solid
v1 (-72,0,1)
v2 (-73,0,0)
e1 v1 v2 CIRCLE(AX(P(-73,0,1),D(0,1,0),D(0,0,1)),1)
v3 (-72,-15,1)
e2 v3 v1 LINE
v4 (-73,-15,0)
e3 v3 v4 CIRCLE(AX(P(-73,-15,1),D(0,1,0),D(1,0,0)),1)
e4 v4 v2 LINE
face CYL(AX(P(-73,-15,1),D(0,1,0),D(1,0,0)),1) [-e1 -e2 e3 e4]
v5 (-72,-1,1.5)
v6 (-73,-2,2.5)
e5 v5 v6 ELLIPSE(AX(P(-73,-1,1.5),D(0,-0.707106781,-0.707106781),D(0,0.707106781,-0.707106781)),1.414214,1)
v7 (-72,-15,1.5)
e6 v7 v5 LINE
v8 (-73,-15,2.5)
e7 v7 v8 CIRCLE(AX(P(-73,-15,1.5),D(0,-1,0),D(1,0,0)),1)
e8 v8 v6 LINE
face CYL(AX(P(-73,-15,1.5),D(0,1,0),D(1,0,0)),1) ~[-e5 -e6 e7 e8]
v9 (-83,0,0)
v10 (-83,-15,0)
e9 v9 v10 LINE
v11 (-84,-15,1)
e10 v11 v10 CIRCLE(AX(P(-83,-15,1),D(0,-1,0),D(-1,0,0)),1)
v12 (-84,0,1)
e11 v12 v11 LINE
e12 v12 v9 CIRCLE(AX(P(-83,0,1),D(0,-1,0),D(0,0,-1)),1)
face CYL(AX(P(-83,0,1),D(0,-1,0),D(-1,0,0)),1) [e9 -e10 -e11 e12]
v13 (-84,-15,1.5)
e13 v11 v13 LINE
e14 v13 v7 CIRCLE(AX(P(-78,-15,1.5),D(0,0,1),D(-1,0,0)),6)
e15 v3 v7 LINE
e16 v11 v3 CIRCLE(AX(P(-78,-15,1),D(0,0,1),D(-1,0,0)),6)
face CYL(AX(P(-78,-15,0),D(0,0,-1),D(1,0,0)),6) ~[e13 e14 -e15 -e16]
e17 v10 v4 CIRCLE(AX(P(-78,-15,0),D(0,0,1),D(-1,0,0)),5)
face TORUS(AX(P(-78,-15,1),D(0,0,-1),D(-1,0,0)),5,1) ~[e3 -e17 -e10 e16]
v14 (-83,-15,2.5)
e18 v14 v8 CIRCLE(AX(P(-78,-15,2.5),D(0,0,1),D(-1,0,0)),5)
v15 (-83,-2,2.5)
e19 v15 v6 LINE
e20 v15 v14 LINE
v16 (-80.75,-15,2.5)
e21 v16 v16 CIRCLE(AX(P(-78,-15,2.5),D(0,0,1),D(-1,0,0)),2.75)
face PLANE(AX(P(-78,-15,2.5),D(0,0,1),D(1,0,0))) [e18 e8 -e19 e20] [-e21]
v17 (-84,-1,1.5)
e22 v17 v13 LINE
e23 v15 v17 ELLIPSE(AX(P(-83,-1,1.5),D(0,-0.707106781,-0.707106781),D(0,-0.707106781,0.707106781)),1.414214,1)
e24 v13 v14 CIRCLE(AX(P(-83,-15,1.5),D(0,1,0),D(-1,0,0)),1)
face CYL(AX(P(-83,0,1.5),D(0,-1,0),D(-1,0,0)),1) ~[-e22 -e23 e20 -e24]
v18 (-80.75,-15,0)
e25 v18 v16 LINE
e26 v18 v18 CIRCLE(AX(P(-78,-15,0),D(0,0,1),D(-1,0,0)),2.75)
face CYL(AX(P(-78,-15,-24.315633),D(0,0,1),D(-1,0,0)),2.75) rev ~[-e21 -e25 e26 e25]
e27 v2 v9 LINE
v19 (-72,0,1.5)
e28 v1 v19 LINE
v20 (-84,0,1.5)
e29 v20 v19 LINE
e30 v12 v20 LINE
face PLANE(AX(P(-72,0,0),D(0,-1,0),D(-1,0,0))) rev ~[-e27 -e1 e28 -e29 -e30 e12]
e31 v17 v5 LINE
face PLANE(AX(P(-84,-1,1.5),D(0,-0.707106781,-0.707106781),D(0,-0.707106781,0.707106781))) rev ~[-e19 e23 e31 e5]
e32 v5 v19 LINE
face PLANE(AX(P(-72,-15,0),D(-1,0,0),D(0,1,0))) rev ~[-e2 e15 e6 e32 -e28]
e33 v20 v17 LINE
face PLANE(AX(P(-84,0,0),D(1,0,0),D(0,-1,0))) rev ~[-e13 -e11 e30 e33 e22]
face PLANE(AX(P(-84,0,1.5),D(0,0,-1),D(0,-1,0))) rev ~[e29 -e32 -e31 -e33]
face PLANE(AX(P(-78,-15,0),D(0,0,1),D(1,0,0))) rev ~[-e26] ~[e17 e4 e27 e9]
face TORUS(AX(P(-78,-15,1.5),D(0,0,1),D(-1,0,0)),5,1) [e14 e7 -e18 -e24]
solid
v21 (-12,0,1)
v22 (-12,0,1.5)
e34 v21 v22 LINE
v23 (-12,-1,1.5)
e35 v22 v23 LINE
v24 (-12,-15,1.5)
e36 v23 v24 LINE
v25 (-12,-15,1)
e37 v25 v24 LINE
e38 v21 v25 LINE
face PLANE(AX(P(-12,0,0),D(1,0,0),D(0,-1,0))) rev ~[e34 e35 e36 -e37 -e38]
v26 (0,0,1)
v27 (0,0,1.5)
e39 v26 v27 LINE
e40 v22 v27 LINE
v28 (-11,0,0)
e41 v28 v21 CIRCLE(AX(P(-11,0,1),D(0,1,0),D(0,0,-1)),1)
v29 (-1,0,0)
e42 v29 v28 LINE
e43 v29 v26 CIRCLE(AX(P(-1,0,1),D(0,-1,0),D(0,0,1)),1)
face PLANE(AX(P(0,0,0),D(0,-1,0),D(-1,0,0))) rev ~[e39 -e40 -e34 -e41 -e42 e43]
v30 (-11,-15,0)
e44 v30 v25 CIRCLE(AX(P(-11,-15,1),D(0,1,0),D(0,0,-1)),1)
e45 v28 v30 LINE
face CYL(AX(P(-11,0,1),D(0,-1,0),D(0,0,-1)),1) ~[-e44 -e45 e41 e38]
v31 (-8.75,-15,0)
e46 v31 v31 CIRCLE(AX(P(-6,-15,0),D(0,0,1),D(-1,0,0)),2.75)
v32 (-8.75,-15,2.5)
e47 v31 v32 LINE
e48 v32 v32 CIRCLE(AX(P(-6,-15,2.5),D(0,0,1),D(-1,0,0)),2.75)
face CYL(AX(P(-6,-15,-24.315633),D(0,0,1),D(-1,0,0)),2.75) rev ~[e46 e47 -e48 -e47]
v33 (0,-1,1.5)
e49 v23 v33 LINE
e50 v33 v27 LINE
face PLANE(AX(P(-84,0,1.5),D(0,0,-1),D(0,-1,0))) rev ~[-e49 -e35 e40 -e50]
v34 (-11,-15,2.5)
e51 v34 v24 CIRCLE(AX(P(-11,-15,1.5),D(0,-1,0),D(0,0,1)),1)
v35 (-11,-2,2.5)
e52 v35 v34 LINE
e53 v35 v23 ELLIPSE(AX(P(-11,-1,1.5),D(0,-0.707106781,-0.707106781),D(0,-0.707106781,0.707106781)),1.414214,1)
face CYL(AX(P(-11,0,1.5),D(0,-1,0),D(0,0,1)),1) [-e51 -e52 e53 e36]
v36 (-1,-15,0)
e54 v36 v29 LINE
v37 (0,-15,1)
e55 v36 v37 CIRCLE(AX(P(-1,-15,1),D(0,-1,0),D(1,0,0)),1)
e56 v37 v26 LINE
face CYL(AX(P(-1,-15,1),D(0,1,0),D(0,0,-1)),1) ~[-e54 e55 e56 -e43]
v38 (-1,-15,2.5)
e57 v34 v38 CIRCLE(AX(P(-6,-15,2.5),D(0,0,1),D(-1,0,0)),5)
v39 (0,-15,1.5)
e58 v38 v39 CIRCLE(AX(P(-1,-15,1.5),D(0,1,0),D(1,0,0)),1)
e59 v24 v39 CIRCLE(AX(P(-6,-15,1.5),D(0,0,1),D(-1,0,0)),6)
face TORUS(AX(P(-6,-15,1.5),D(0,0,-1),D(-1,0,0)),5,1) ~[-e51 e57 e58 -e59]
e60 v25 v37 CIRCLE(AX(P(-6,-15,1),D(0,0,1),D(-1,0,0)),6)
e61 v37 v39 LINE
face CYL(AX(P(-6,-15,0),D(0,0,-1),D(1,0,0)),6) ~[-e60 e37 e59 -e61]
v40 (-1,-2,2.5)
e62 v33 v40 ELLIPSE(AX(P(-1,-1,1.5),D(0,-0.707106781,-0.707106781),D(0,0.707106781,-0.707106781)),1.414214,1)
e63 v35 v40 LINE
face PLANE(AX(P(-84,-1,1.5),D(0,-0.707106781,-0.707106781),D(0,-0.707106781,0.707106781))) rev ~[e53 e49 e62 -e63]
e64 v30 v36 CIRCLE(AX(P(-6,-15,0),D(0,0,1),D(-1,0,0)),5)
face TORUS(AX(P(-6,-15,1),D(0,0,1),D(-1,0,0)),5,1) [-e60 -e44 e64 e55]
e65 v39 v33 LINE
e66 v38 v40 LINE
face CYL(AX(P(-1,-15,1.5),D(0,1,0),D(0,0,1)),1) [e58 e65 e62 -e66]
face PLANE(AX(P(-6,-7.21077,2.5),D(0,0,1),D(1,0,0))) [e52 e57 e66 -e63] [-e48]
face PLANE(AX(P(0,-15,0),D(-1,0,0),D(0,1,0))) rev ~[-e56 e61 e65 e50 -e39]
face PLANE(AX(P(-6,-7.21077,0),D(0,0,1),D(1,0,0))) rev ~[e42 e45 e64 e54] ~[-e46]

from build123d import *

# Parameters (mm, degrees)
F1_DEPTH = 2.5
F2_D     = 5.5
F2_2_D   = 5.5
F3_R     = 1
F3_2_R   = 1
F5_DEPTH = 84.0010001


with BuildPart() as f1:
    # F0 (on Top) → F1 (new body)
    with BuildSketch(Plane.XY):
        with BuildLine():
            ThreePointArc((-84, -15), (-78, -21), (-72, -15))
            ThreePointArc((-72, -15), (-78, -9), (-84, -15))
        make_face()
        with BuildLine():
            Line((-72, -15), (-72, 0))
            Line((-72, 0), (-84, 0))
            Line((-84, 0), (-84, -15))
            ThreePointArc((-84, -15), (-78, -9), (-72, -15))
        make_face()
    extrude(amount=F1_DEPTH)

    # F2 (through all)
    with Locations(Plane(origin=(0, 0, 0), x_dir=(1, 0, 0), z_dir=(0, 0, -1))):
        with Locations((-78, 15), (-6, 15)):
            Hole(F2_D / 2)

    # F3
    f3_edges = [f1.edges().sort_by_distance(p)[0] for p in [
        (-84, -7.5, 2.5),
        (-84, -7.5, 0),
    ]]
    fillet(f3_edges, radius=F3_R)


with BuildPart() as f1b:
    # F0 (on Top) → F1, piece 2 (new body)
    with BuildSketch(Plane.XY):
        with BuildLine():
            Line((0, -15), (0, 0))
            Line((0, 0), (-12, 0))
            Line((-12, 0), (-12, -15))
            ThreePointArc((-12, -15), (-6, -9), (0, -15))
        make_face()
        with BuildLine():
            ThreePointArc((-12, -15), (-6, -21), (0, -15))
            ThreePointArc((0, -15), (-6, -9), (-12, -15))
        make_face()
    extrude(amount=F1_DEPTH)

    # F2#2 (through all)
    with Locations(Plane(origin=(0, 0, 0), x_dir=(1, 0, 0), z_dir=(0, 0, -1))):
        with Locations((-78, 15), (-6, 15)):
            Hole(F2_2_D / 2)

    # F3#2
    f3_2_edges = [f1b.edges().sort_by_distance(p)[0] for p in [
        (-12, -7.5, 2.5),
        (-12, -7.5, 0),
    ]]
    fillet(f3_2_edges, radius=F3_2_R)


with BuildPart() as f5_tool:
    # F4 (on face) → F5 (new body, through all)
    with BuildSketch(Plane(origin=(-84, 0, 0), x_dir=(0, -1, 0), z_dir=(-1, 0, 0))):
        Polygon((0, 2.5), (0, 1.5), (1, 1.5), (2, 2.5), align=None)
    extrude(amount=-F5_DEPTH)


with BuildPart() as f1_1:
    add(f1.part)

    # F5: cut by f5_tool
    add(f5_tool.part, mode=Mode.SUBTRACT)


with BuildPart() as f1b_1:
    add(f1b.part)

    # F5: cut by f5_tool
    add(f5_tool.part, mode=Mode.SUBTRACT)


solid = Compound([f1_1.part, f1b_1.part])
